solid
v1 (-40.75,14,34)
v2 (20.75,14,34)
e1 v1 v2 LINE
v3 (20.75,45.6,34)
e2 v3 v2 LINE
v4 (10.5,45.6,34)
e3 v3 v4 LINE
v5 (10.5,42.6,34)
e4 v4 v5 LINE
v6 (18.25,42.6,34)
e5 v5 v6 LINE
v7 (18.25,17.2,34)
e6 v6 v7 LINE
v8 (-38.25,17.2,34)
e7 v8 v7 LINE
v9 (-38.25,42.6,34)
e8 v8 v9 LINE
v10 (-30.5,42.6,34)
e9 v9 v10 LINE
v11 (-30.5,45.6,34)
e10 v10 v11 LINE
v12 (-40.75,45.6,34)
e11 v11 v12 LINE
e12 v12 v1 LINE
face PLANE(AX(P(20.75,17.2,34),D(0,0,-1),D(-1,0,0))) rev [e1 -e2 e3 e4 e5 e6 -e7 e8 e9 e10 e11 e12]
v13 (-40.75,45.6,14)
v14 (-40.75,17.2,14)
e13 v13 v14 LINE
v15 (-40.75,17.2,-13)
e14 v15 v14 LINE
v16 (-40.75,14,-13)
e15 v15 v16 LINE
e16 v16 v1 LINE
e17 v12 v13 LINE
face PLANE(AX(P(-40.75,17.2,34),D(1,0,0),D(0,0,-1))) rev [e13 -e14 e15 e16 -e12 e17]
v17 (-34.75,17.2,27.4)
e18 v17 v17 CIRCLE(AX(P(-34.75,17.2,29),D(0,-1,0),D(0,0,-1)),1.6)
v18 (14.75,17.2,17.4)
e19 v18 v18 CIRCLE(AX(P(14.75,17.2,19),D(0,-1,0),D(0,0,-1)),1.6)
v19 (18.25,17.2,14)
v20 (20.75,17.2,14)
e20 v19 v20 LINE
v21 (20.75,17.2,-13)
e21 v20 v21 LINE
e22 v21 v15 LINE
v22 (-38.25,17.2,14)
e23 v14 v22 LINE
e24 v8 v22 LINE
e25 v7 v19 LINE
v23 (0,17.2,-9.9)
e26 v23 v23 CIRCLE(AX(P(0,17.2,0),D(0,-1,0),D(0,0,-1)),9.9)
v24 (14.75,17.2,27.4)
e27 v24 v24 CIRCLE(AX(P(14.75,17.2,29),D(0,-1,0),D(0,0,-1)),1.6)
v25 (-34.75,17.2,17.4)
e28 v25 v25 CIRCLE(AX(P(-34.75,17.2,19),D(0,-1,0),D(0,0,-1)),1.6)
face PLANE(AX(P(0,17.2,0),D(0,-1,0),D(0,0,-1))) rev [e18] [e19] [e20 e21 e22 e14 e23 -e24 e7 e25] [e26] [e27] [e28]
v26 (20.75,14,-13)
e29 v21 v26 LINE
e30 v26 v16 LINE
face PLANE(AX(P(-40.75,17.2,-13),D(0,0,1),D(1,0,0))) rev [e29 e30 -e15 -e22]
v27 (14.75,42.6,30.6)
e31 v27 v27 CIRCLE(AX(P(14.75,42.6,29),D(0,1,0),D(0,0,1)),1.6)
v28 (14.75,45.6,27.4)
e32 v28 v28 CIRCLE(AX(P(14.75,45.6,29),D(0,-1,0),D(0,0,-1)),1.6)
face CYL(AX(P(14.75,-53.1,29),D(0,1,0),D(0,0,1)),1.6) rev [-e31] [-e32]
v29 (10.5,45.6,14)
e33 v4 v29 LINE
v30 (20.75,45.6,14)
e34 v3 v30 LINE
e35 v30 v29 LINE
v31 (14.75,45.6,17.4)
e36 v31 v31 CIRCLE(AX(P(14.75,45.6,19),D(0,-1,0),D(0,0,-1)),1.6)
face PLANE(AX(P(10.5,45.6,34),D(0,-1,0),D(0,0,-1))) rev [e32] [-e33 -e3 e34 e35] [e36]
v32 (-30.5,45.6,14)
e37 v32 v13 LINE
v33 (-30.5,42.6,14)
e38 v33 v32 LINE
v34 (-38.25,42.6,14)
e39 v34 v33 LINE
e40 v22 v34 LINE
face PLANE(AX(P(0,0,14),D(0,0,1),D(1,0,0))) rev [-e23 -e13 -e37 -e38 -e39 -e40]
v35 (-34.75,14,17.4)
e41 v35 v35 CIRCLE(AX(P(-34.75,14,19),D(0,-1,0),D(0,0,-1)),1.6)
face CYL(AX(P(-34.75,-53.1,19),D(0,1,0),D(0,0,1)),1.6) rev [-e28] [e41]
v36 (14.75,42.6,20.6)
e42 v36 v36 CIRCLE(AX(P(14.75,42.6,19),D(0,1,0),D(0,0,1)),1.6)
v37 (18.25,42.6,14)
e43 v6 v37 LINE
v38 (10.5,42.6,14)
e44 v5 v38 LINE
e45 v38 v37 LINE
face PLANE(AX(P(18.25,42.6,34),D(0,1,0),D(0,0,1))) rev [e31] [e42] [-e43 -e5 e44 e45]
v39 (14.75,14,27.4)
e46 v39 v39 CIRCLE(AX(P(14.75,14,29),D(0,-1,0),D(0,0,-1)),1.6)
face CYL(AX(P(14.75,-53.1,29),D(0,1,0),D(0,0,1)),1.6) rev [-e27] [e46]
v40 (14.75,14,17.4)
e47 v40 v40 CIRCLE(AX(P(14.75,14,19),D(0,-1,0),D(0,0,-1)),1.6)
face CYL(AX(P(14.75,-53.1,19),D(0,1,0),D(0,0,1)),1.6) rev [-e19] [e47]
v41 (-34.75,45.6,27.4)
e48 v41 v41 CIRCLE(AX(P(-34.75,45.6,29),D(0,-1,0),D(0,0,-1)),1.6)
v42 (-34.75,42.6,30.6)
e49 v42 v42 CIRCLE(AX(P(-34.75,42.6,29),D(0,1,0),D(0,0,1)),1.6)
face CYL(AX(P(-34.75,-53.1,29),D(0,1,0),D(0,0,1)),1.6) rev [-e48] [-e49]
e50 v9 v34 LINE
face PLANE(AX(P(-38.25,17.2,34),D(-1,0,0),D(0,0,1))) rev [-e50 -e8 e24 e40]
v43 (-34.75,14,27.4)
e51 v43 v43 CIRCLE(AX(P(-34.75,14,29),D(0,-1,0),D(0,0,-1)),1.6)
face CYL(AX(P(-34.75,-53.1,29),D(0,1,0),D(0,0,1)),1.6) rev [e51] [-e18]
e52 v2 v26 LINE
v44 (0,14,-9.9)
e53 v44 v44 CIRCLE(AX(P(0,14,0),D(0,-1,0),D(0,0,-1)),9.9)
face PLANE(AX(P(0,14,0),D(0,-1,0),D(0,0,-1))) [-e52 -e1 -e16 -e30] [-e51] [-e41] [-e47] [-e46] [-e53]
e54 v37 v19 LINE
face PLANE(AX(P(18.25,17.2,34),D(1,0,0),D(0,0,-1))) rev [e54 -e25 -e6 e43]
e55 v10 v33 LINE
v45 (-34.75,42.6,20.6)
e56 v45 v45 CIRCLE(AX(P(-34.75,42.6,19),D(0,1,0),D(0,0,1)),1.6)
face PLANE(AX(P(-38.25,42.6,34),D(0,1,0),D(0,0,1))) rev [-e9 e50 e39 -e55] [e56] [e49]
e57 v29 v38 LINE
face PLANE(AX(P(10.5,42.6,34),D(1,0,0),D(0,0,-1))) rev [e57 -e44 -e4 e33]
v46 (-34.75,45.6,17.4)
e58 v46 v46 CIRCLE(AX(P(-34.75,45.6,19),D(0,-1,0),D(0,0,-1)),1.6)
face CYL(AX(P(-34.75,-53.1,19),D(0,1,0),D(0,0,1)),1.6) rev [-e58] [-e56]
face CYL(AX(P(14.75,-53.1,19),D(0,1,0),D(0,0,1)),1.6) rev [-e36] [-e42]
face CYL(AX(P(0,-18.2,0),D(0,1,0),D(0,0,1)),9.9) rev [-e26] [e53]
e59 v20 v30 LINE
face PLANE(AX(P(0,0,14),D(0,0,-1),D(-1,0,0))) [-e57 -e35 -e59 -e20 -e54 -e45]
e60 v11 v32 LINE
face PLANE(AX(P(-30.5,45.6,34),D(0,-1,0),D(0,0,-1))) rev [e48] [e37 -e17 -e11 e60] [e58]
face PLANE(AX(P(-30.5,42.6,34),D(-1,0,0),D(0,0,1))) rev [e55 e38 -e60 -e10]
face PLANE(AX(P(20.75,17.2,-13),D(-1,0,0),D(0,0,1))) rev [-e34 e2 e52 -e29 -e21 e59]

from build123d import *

# Parameters (mm, degrees)
PLATE_SKETCH_W       = 61.5
PLATE_SKETCH_H       = 47
PLATE_DEPTH          = 3.2
POSTS_DEPTH          = 20
SERVO_HOLES_SKETCH_R = 1.6
SERVO_HOLES_DEPTH    = 53.1
PANEL_HOLE_SKETCH_R  = 9.9
PANEL_HOLE_DEPTH     = 18.2


with BuildPart() as part:
    # Plate Sketch → Plate (new body)
    with BuildSketch(Plane(origin=(0, 14, 0), x_dir=(1, 0, 0), z_dir=(0, 1, 0))):
        with Locations((-10, -10.5)):
            Rectangle(PLATE_SKETCH_W, PLATE_SKETCH_H)
    extrude(amount=PLATE_DEPTH)

    # Posts Sketch → Posts (add)
    with BuildSketch(Plane.XY.offset(14)):
        Polygon((-40.75, 17.2), (-38.25, 17.2), (-38.25, 42.6), (-30.5, 42.6), (-30.5, 45.6), (-40.75, 45.6), align=None)
        Polygon((20.75, 17.2), (18.25, 17.2), (18.25, 42.6), (10.5, 42.6), (10.5, 45.6), (20.75, 45.6), align=None)
    extrude(amount=POSTS_DEPTH)

    # Servo Holes Sketch → Servo Holes (cut, symmetric)
    with BuildSketch(Plane(origin=(0, 0, 0), x_dir=(1, 0, 0), z_dir=(0, 1, 0))):
        with Locations((-34.75, -19)):
            Circle(SERVO_HOLES_SKETCH_R)
        with Locations((-34.75, -29)):
            Circle(SERVO_HOLES_SKETCH_R)
        with Locations((14.75, -19)):
            Circle(SERVO_HOLES_SKETCH_R)
        with Locations((14.75, -29)):
            Circle(SERVO_HOLES_SKETCH_R)
    extrude(amount=SERVO_HOLES_DEPTH, both=True, mode=Mode.SUBTRACT)

    # Panel Hole Sketch → Panel Hole (cut, symmetric)
    with BuildSketch(Plane(origin=(0, 0, 0), x_dir=(1, 0, 0), z_dir=(0, 1, 0))):
        Circle(PANEL_HOLE_SKETCH_R)
    extrude(amount=PANEL_HOLE_DEPTH, both=True, mode=Mode.SUBTRACT)


solid = part.part
